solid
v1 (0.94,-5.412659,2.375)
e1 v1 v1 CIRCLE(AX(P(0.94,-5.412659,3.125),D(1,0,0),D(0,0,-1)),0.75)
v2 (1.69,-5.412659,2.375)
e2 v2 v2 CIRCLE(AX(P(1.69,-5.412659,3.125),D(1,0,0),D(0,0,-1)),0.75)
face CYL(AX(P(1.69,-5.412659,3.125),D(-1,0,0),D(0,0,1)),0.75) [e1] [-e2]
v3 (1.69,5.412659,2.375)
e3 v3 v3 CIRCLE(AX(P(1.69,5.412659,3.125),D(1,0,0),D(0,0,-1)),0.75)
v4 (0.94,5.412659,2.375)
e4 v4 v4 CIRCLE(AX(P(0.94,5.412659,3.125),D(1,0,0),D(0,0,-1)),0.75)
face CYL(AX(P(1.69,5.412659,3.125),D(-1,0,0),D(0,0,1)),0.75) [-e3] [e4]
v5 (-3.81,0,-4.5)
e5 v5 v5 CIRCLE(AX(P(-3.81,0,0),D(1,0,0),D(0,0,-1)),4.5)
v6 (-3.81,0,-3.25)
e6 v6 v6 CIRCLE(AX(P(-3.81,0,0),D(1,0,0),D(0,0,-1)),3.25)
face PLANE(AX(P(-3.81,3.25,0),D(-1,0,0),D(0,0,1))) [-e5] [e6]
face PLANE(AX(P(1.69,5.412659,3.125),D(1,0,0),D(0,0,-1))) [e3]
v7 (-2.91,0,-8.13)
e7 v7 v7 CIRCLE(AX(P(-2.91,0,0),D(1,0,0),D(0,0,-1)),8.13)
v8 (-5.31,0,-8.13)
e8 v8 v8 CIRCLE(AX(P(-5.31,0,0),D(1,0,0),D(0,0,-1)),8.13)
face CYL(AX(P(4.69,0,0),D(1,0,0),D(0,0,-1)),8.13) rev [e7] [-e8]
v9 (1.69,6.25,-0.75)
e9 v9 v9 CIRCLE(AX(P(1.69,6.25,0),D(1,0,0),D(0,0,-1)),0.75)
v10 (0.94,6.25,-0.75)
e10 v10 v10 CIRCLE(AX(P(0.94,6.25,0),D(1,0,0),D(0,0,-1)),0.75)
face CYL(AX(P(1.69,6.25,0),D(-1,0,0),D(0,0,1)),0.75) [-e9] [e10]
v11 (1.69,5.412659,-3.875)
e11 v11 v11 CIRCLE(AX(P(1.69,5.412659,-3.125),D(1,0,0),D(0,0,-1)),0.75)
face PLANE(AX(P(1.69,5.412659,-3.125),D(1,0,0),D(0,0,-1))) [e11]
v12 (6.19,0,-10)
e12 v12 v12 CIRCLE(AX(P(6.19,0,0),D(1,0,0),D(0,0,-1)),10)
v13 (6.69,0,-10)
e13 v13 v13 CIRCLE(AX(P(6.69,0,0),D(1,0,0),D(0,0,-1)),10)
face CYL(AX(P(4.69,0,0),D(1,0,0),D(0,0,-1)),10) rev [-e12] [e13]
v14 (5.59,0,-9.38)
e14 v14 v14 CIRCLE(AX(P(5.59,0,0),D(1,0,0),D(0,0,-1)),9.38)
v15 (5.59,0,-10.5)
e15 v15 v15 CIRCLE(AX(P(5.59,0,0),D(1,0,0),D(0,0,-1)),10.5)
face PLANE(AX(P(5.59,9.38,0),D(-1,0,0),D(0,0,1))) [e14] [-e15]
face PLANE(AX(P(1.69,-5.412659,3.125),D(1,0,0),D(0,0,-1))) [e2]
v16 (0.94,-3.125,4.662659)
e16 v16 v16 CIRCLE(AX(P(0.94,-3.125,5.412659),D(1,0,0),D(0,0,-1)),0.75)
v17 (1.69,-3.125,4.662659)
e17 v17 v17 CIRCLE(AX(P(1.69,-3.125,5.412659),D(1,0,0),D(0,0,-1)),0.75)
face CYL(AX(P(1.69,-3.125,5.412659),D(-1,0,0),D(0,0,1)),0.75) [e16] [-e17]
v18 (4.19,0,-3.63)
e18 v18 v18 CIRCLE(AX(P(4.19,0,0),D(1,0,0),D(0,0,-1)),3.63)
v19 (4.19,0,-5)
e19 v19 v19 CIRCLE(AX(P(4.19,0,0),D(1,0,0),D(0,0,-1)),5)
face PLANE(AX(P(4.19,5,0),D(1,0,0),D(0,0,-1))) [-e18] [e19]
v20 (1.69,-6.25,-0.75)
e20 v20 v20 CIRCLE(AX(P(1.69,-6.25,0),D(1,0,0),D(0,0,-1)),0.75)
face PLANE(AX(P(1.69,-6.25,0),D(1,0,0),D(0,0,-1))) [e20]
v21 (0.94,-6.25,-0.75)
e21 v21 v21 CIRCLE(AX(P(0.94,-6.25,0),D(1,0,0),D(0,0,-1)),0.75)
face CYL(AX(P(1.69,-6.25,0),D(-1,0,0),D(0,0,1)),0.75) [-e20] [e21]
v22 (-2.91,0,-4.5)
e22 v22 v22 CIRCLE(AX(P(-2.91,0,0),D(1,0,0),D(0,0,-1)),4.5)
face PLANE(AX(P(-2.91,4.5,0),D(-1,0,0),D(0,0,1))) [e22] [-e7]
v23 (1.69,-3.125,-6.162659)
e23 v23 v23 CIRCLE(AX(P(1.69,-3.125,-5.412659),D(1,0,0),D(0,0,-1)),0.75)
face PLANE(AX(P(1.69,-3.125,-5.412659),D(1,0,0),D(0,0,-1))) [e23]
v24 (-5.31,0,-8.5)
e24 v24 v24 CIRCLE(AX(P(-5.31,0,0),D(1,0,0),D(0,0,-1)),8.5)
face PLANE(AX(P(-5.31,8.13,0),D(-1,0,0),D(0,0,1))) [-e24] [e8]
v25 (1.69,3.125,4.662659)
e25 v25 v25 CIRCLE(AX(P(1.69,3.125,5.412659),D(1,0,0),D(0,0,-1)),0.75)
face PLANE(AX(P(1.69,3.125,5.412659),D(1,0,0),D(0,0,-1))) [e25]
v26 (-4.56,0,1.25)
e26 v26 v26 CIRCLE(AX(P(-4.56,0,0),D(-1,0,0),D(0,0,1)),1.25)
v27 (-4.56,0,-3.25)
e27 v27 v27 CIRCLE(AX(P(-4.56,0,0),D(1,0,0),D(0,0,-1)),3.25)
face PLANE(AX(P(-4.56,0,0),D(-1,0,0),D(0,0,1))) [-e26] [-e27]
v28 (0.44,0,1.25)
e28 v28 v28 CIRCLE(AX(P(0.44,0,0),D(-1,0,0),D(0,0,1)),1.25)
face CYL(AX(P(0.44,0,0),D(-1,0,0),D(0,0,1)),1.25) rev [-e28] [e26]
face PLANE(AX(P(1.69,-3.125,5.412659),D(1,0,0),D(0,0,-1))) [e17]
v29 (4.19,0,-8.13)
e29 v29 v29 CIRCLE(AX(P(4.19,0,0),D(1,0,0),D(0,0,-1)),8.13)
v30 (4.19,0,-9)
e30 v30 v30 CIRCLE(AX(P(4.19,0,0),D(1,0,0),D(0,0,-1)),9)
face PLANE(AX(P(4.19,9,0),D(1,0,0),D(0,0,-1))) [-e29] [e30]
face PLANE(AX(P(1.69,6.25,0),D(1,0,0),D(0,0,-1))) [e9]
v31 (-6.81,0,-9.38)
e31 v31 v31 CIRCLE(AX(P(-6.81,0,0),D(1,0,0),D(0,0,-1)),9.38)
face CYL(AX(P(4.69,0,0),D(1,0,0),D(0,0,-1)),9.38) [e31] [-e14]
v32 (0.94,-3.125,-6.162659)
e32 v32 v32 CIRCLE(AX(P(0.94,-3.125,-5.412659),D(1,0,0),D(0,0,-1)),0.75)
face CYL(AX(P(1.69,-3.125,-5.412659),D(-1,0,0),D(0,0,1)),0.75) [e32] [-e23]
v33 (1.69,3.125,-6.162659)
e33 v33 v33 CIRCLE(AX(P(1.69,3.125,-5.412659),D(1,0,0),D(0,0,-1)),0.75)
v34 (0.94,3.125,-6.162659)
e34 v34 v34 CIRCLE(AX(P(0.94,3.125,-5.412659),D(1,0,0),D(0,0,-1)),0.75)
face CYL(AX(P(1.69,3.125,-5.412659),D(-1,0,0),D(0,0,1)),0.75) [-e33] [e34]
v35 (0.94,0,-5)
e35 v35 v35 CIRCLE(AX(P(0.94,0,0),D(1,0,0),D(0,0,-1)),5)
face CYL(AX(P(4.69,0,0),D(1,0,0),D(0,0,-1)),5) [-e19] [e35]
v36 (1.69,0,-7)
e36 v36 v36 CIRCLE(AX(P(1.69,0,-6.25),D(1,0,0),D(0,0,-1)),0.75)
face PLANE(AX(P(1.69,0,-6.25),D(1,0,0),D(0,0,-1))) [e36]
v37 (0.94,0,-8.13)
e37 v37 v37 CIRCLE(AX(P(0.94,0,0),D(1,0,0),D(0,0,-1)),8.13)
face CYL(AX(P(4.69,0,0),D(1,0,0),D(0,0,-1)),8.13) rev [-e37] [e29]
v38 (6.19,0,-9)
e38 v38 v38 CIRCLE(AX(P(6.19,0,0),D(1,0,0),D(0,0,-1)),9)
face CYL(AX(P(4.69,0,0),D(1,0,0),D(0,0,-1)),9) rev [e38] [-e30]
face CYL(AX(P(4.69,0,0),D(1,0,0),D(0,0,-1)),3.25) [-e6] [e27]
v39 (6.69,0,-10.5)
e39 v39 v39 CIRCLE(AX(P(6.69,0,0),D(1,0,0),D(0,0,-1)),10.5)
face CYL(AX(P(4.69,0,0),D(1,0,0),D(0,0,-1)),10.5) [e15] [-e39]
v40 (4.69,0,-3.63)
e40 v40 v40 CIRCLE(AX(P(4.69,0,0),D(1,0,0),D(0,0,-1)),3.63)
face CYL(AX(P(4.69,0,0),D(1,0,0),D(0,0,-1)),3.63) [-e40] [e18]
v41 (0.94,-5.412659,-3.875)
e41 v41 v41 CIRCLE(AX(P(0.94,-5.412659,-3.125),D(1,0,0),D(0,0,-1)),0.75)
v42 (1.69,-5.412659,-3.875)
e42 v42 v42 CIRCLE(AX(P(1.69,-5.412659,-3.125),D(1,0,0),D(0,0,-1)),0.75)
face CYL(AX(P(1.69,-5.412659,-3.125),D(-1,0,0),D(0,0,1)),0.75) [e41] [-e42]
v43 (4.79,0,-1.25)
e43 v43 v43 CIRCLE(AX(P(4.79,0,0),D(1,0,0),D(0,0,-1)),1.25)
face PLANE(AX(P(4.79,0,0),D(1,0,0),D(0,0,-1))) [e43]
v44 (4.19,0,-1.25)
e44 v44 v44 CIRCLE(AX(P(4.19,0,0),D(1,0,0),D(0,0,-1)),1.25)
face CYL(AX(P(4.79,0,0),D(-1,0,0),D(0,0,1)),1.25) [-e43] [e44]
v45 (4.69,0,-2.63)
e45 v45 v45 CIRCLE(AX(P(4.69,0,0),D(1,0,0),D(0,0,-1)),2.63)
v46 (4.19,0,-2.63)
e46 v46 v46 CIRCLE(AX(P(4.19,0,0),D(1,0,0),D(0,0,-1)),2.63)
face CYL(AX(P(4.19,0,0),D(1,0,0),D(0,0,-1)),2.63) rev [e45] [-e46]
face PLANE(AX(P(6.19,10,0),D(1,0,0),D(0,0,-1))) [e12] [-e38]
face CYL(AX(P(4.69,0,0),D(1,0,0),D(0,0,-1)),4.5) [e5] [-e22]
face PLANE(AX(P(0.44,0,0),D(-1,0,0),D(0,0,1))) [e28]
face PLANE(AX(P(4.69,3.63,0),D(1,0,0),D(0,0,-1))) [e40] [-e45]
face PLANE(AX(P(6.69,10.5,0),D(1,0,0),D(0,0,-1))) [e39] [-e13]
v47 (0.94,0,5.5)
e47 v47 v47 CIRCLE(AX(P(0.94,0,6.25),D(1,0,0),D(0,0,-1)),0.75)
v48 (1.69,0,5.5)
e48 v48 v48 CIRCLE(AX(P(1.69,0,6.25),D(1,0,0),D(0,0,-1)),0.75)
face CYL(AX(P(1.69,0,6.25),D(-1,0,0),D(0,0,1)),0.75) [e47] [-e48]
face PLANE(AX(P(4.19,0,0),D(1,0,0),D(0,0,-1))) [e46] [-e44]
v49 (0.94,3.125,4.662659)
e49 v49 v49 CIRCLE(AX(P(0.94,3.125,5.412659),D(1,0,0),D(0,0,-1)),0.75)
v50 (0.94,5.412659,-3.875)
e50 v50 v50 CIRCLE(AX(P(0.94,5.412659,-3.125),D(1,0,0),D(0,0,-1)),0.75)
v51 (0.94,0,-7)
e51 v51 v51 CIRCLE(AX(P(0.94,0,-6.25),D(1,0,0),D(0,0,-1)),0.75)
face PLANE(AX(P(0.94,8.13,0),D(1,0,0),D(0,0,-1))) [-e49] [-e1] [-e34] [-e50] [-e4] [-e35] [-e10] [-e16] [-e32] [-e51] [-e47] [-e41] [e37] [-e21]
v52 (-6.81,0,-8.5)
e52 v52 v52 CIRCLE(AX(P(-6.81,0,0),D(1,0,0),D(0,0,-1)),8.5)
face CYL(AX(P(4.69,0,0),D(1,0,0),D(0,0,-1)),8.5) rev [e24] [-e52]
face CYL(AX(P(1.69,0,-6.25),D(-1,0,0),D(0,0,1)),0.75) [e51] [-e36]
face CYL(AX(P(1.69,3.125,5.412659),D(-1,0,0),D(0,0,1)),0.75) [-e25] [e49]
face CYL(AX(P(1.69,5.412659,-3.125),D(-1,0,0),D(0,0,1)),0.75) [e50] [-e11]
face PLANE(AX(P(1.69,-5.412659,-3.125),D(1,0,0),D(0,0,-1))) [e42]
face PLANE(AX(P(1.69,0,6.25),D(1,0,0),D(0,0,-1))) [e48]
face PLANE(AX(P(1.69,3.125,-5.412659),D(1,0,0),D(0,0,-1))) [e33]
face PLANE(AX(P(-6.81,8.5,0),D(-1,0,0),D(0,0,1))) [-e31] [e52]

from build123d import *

# Parameters (mm, degrees)
SKETCH2_R           = 0.75
BOSS_EXTRUDE1_DEPTH = 0.75
SKETCH3_R           = 2.63
CUT_EXTRUDE1_DEPTH  = 0.5
SKETCH4_R           = 1.25
BOSS_EXTRUDE2_DEPTH = 0.6
SKETCH5_R           = 1.25
CUT_EXTRUDE2_DEPTH  = 5


with BuildPart() as part:
    # Sketch1 → Revolve2 (revolve)
    with BuildSketch(Plane.XY, mode=Mode.PRIVATE) as revolve2_sk:
        Polygon((0, 0), (-4.56, 0), (-4.56, 3.25), (-3.81, 3.25), (-3.81, 4.5), (-2.91, 4.5), (-2.91, 8.13), (-5.31, 8.13), (-5.31, 8.5), (-6.81, 8.5), (-6.81, 9.38), (5.59, 9.38), (5.59, 10.5), (6.69, 10.5), (6.69, 10), (6.19, 10), (6.19, 9), (4.19, 9), (4.19, 8.13), (0.94, 8.13), (0.94, 5), (4.19, 5), (4.19, 3.63), (4.69, 3.63), (4.69, 0), align=None)
    revolve(revolve2_sk.sketch.rotate(Axis((4.69, 0, 0), (-1, 0, 0)), 90), axis=Axis((4.69, 0, 0), (-1, 0, 0)))

    # Sketch2 → Boss-Extrude1 (add)
    with BuildSketch(Plane(origin=(0.94, 0, 0), x_dir=(0, 0, -1), z_dir=(1, 0, 0))):
        with Locations((0, 6.25)):
            Circle(SKETCH2_R)
        with Locations((3.125, 5.412658774)):
            Circle(SKETCH2_R)
        with Locations((5.412658774, 3.125)):
            Circle(SKETCH2_R)
        with Locations((6.25, 0)):
            Circle(SKETCH2_R)
        with Locations((5.412658774, -3.125)):
            Circle(SKETCH2_R)
        with Locations((3.125, -5.412658774)):
            Circle(SKETCH2_R)
        with Locations((0, -6.25)):
            Circle(SKETCH2_R)
        with Locations((-3.125, -5.412658774)):
            Circle(SKETCH2_R)
        with Locations((-5.412658774, -3.125)):
            Circle(SKETCH2_R)
        with Locations((-6.25, 0)):
            Circle(SKETCH2_R)
        with Locations((-5.412658774, 3.125)):
            Circle(SKETCH2_R)
        with Locations((-3.125, 5.412658774)):
            Circle(SKETCH2_R)
    extrude(amount=BOSS_EXTRUDE1_DEPTH)

    # Sketch3 → Cut-Extrude1 (cut)
    with BuildSketch(Plane(origin=(4.69, 0, 0), x_dir=(0, 0, -1), z_dir=(1, 0, 0))):
        Circle(SKETCH3_R)
    extrude(amount=-CUT_EXTRUDE1_DEPTH, mode=Mode.SUBTRACT)

    # Sketch4 → Boss-Extrude2 (add)
    with BuildSketch(Plane(origin=(4.19, 0, 0), x_dir=(0, 0, -1), z_dir=(1, 0, 0))):
        Circle(SKETCH4_R)
    extrude(amount=BOSS_EXTRUDE2_DEPTH)

    # Sketch5 → Cut-Extrude2 (cut)
    with BuildSketch(Plane.ZY.offset(4.56)):
        with Locations(Location((0, 0, 0), (0, 0, 180))):
            Circle(SKETCH5_R)
    extrude(amount=-CUT_EXTRUDE2_DEPTH, mode=Mode.SUBTRACT)


solid = part.part
